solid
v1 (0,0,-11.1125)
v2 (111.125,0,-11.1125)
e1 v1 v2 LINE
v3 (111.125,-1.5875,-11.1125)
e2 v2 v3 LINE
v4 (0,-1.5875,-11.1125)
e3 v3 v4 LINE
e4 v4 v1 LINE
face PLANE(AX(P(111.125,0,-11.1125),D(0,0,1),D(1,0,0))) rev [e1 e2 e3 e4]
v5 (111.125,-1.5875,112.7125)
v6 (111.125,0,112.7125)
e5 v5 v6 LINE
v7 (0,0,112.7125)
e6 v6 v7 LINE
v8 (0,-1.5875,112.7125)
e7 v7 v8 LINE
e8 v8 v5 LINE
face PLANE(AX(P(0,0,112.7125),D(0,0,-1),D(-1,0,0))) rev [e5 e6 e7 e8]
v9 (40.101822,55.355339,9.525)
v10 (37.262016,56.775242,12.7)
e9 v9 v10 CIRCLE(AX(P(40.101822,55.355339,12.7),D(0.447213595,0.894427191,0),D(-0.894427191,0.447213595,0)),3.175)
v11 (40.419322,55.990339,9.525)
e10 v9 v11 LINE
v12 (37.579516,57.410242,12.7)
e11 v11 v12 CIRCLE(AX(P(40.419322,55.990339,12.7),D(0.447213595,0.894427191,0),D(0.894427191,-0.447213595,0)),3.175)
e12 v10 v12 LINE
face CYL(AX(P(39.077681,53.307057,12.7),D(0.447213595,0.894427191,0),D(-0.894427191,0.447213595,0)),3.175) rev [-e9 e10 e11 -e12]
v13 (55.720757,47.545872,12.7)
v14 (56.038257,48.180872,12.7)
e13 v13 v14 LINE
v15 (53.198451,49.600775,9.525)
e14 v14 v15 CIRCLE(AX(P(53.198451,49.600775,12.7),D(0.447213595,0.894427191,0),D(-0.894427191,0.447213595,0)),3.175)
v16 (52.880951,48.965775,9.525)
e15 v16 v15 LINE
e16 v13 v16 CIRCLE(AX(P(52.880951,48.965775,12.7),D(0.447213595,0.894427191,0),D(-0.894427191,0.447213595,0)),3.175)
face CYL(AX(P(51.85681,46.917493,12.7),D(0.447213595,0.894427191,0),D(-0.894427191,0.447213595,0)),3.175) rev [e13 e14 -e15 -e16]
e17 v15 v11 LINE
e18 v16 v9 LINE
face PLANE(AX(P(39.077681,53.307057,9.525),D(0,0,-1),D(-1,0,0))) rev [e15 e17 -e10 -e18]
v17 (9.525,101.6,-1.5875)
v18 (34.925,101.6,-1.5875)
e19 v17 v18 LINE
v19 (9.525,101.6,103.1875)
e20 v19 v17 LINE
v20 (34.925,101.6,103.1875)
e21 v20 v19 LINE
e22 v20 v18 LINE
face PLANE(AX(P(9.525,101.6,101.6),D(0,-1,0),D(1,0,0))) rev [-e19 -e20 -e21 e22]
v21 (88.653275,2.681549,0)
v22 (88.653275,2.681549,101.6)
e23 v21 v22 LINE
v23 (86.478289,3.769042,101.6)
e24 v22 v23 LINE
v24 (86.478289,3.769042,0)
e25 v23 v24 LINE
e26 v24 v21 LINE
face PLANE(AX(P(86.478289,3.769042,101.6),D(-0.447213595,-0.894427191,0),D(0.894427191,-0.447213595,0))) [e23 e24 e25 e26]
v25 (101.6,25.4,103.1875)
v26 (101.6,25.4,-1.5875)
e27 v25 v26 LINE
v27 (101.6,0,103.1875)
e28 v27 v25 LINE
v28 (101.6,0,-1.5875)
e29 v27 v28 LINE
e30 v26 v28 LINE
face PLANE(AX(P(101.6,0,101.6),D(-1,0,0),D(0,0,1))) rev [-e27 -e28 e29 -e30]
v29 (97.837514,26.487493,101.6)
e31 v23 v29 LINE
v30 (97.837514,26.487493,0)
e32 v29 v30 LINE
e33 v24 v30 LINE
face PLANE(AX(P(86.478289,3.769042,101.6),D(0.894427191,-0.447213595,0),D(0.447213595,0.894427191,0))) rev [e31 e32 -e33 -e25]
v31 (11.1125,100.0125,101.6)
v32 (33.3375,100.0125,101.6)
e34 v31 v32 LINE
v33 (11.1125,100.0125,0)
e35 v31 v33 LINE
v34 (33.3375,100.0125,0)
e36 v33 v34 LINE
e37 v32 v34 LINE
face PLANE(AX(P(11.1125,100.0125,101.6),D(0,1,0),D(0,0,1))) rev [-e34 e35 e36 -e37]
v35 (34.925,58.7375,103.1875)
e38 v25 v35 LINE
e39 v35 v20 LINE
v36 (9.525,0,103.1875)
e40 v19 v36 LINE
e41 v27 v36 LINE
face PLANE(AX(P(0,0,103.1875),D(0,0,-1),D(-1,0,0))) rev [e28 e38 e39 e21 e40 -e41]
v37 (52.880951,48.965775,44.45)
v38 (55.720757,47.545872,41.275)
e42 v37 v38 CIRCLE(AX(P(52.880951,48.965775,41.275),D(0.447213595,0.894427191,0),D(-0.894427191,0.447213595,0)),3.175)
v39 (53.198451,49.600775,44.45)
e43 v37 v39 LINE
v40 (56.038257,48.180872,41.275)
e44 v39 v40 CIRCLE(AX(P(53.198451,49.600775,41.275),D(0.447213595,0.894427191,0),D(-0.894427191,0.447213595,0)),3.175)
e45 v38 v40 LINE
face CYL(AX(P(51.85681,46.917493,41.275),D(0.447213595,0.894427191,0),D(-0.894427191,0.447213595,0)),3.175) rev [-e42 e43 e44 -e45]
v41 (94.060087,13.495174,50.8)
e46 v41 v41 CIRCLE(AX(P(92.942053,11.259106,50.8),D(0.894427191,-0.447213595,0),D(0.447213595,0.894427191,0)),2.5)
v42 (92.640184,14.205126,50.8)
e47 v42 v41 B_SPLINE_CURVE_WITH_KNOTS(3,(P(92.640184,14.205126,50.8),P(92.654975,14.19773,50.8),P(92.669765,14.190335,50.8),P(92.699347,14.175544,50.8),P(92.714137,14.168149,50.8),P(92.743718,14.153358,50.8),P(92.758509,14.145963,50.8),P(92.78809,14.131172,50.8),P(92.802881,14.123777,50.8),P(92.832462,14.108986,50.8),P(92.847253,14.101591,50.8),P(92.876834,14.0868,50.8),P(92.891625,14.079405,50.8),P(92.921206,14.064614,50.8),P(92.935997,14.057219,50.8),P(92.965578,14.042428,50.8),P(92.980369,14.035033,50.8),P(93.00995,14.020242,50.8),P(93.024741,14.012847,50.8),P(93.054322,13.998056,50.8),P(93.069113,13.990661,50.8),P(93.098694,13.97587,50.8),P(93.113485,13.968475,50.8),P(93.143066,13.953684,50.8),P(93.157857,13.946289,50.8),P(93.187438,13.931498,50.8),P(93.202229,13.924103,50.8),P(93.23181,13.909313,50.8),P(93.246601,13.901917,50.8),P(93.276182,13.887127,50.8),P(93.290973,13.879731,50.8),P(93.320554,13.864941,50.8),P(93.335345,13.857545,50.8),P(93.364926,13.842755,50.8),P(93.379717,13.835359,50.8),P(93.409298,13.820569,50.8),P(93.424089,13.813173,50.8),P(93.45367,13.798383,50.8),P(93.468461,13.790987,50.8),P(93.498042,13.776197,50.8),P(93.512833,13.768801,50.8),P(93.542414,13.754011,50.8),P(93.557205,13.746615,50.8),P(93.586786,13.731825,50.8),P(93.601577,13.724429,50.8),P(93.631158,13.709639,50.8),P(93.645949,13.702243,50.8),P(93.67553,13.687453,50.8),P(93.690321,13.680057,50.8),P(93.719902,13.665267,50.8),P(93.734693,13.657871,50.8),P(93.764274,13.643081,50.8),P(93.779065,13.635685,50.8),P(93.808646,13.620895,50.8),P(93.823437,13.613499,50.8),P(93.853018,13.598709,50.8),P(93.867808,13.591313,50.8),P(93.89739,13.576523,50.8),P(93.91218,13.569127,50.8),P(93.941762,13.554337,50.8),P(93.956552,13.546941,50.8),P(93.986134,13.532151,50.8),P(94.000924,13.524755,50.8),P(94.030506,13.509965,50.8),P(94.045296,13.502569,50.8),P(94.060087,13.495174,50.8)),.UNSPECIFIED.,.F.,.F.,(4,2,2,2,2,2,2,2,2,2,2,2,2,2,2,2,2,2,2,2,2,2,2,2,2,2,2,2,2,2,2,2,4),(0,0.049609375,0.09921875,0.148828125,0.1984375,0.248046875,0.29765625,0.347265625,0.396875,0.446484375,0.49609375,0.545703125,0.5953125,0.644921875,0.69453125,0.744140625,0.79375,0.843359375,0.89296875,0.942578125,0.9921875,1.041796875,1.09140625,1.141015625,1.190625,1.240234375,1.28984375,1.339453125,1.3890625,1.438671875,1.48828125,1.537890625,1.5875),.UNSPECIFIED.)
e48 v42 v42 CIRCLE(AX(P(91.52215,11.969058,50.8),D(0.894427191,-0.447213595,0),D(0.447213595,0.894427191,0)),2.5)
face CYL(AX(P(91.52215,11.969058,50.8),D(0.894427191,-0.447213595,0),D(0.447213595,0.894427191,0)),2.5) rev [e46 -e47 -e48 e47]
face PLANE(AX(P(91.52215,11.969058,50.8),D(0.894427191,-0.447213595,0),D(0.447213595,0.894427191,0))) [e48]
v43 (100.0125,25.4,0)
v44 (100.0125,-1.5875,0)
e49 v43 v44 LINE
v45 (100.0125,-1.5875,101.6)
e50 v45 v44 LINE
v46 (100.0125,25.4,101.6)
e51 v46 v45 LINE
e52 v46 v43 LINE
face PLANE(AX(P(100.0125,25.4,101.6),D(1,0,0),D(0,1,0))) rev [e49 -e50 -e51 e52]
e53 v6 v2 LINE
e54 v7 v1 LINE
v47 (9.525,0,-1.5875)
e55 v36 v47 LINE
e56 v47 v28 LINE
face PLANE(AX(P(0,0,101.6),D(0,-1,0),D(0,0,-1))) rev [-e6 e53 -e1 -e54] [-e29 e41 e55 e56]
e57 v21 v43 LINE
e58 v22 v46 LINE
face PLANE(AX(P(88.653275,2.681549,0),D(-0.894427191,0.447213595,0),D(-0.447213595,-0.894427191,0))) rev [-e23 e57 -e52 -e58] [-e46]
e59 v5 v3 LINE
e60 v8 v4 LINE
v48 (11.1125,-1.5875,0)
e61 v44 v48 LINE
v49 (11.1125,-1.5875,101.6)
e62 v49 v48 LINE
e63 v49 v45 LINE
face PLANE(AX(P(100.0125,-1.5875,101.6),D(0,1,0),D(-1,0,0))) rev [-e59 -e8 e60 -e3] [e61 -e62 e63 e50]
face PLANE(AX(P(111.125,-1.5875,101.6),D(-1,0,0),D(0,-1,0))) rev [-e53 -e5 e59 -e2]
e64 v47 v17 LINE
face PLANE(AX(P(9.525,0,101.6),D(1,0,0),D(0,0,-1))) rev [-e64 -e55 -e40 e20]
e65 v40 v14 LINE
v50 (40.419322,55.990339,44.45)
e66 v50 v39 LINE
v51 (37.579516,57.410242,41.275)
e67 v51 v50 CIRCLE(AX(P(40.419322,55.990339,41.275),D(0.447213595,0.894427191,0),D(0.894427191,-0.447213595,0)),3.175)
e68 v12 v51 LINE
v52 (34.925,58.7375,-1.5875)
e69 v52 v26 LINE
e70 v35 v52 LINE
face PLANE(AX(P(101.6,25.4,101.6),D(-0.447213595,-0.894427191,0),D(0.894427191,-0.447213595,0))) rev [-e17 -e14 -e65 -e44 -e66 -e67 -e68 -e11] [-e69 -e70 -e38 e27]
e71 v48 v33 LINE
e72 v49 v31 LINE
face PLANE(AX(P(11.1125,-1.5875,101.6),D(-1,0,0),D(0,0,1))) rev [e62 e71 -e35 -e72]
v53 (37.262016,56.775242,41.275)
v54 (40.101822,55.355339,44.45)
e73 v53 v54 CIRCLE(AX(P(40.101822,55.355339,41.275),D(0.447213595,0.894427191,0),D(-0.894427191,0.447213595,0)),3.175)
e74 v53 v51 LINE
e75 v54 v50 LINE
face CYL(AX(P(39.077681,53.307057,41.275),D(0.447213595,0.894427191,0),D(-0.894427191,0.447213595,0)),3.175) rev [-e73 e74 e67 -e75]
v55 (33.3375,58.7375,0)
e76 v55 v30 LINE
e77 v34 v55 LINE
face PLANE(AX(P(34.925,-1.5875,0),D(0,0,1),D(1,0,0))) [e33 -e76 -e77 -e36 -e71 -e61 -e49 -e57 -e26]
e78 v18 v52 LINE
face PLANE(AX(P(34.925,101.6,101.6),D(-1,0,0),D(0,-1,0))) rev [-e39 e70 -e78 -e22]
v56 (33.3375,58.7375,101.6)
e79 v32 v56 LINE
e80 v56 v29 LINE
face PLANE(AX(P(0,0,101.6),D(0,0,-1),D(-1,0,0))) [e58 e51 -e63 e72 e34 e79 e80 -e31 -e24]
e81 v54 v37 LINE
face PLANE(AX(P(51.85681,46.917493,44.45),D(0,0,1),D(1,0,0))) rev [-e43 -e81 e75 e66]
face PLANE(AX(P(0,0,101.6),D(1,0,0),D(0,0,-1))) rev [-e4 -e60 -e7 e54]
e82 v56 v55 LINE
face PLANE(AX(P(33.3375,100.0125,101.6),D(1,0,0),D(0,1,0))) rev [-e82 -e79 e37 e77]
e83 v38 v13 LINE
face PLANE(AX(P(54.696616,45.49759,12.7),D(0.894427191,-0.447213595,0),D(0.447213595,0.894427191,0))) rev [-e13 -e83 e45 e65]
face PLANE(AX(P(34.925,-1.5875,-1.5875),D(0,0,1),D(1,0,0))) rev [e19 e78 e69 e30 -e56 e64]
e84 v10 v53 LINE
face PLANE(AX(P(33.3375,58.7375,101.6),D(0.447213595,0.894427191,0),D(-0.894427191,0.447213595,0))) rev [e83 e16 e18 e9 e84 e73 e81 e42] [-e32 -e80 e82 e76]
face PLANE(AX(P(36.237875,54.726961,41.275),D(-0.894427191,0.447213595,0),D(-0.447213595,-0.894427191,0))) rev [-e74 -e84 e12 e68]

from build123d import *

# Parameters (mm, degrees)
EXTRUDE1_DEPTH     = 101.6
EXTRUDE2_DEPTH     = 1.5875
EXTRUDE3_DEPTH     = 1.5875
SKETCH4_W          = 111.125
SKETCH4_H          = 1.5875
EXTRUDE4_DEPTH     = 9.525
SKETCH5_W          = 111.125
SKETCH5_H          = 1.5875
EXTRUDE5_DEPTH     = 9.525
SKETCH6_W          = 2.431707811
SKETCH6_H          = 101.6
EXTRUDE6_DEPTH     = 25.4
SKETCH8_R          = 2.5
CUT_EXTRUDE1_DEPTH = 1.5875
CUT_EXTRUDE2_DEPTH = 3


with BuildPart() as part:
    # Sketch1 → Extrude1 (new body)
    with BuildSketch(Plane.XY):
        Polygon((101.6, 0), (101.6, 25.4), (34.925, 58.7375), (34.925, 101.6), (9.525, 101.6), (9.525, 0), (0, 0), (0, -1.5875), (11.1125, -1.5875), (11.1125, 100.0125), (33.3375, 100.0125), (33.3375, 58.7375), (100.0125, 25.4), (100.0125, -1.5875), (111.125, -1.5875), (111.125, 0), align=None)
    extrude(amount=EXTRUDE1_DEPTH)

    # Sketch2 → Extrude2 (add)
    with BuildSketch(Plane.XY.offset(101.6)):
        Polygon((0, 0), (9.525, 0), (9.525, 101.6), (34.925, 101.6), (34.925, 58.7375), (101.6, 25.4), (101.6, 0), (111.125, 0), (111.125, -1.5875), (0, -1.5875), align=None)
    extrude(amount=EXTRUDE2_DEPTH)

    # Sketch3 → Extrude3 (add)
    with BuildSketch(Plane(origin=(0, 0, 0), x_dir=(-1, 0, 0), z_dir=(0, 0, -1))):
        Polygon((-111.125, -1.5875), (-111.125, 0), (-101.6, 0), (-101.6, 25.4), (-34.925, 58.7375), (-34.925, 101.6), (-9.525, 101.6), (-9.525, 0), (0, 0), (0, -1.5875), align=None)
    extrude(amount=EXTRUDE3_DEPTH)

    # Sketch4 → Extrude4 (add)
    with BuildSketch(Plane.XY.offset(103.1875)):
        with Locations((55.5625, -0.79375)):
            Rectangle(SKETCH4_W, SKETCH4_H)
    extrude(amount=EXTRUDE4_DEPTH)

    # Sketch5 → Extrude5 (add)
    with BuildSketch(Plane(origin=(0, 0, -1.5875), x_dir=(-1, 0, 0), z_dir=(0, 0, -1))):
        with Locations((-55.5625, -0.79375)):
            Rectangle(SKETCH5_W, SKETCH5_H)
    extrude(amount=EXTRUDE5_DEPTH)

    # Sketch6 → Extrude6 (add)
    with BuildSketch(Plane(origin=(30.1625, 60.325, 0), x_dir=(0.8944271909999159, -0.44721359549995804, 0), z_dir=(-0.44721359549995804, -0.8944271909999159, 0))):
        with Locations((76.878820209, 50.8)):
            Rectangle(SKETCH6_W, SKETCH6_H)
    extrude(amount=EXTRUDE6_DEPTH)

    # Sketch8 → Cut-Extrude1 (cut)
    with BuildSketch(Plane(origin=(69.85, -34.925, 0), x_dir=(0, 0, -1), z_dir=(0.8944271909999159, -0.447213595499958, 0))):
        with Locations(Location((-50.8, 51.635400371, 0), (0, 0, 90))):
            Circle(SKETCH8_R)
    extrude(amount=-CUT_EXTRUDE1_DEPTH, mode=Mode.SUBTRACT)

    # Sketch9 → Cut-Extrude2 (cut)
    with BuildSketch(Plane(origin=(30.48, 60.96, 0), x_dir=(-0.8944271909999159, 0.44721359549995804, 0), z_dir=(0.44721359549995804, 0.8944271909999159, 0))):
        with BuildLine():
            Line((-25.4, 44.45), (-11.1125, 44.45))
            ThreePointArc((-11.1125, 44.45), (-8.86743597, 43.52006403), (-7.9375, 41.275))
            Line((-7.9375, 41.275), (-7.9375, 12.7))
            ThreePointArc((-7.9375, 12.7), (-8.86743597, 10.45493597), (-11.1125, 9.525))
            Line((-11.1125, 9.525), (-25.4, 9.525))
            ThreePointArc((-25.4, 9.525), (-27.64506403, 10.45493597), (-28.575, 12.7))
            Line((-28.575, 12.7), (-28.575, 41.275))
            ThreePointArc((-28.575, 41.275), (-27.64506403, 43.52006403), (-25.4, 44.45))
        make_face()
    extrude(amount=-CUT_EXTRUDE2_DEPTH, mode=Mode.SUBTRACT)


solid = part.part
